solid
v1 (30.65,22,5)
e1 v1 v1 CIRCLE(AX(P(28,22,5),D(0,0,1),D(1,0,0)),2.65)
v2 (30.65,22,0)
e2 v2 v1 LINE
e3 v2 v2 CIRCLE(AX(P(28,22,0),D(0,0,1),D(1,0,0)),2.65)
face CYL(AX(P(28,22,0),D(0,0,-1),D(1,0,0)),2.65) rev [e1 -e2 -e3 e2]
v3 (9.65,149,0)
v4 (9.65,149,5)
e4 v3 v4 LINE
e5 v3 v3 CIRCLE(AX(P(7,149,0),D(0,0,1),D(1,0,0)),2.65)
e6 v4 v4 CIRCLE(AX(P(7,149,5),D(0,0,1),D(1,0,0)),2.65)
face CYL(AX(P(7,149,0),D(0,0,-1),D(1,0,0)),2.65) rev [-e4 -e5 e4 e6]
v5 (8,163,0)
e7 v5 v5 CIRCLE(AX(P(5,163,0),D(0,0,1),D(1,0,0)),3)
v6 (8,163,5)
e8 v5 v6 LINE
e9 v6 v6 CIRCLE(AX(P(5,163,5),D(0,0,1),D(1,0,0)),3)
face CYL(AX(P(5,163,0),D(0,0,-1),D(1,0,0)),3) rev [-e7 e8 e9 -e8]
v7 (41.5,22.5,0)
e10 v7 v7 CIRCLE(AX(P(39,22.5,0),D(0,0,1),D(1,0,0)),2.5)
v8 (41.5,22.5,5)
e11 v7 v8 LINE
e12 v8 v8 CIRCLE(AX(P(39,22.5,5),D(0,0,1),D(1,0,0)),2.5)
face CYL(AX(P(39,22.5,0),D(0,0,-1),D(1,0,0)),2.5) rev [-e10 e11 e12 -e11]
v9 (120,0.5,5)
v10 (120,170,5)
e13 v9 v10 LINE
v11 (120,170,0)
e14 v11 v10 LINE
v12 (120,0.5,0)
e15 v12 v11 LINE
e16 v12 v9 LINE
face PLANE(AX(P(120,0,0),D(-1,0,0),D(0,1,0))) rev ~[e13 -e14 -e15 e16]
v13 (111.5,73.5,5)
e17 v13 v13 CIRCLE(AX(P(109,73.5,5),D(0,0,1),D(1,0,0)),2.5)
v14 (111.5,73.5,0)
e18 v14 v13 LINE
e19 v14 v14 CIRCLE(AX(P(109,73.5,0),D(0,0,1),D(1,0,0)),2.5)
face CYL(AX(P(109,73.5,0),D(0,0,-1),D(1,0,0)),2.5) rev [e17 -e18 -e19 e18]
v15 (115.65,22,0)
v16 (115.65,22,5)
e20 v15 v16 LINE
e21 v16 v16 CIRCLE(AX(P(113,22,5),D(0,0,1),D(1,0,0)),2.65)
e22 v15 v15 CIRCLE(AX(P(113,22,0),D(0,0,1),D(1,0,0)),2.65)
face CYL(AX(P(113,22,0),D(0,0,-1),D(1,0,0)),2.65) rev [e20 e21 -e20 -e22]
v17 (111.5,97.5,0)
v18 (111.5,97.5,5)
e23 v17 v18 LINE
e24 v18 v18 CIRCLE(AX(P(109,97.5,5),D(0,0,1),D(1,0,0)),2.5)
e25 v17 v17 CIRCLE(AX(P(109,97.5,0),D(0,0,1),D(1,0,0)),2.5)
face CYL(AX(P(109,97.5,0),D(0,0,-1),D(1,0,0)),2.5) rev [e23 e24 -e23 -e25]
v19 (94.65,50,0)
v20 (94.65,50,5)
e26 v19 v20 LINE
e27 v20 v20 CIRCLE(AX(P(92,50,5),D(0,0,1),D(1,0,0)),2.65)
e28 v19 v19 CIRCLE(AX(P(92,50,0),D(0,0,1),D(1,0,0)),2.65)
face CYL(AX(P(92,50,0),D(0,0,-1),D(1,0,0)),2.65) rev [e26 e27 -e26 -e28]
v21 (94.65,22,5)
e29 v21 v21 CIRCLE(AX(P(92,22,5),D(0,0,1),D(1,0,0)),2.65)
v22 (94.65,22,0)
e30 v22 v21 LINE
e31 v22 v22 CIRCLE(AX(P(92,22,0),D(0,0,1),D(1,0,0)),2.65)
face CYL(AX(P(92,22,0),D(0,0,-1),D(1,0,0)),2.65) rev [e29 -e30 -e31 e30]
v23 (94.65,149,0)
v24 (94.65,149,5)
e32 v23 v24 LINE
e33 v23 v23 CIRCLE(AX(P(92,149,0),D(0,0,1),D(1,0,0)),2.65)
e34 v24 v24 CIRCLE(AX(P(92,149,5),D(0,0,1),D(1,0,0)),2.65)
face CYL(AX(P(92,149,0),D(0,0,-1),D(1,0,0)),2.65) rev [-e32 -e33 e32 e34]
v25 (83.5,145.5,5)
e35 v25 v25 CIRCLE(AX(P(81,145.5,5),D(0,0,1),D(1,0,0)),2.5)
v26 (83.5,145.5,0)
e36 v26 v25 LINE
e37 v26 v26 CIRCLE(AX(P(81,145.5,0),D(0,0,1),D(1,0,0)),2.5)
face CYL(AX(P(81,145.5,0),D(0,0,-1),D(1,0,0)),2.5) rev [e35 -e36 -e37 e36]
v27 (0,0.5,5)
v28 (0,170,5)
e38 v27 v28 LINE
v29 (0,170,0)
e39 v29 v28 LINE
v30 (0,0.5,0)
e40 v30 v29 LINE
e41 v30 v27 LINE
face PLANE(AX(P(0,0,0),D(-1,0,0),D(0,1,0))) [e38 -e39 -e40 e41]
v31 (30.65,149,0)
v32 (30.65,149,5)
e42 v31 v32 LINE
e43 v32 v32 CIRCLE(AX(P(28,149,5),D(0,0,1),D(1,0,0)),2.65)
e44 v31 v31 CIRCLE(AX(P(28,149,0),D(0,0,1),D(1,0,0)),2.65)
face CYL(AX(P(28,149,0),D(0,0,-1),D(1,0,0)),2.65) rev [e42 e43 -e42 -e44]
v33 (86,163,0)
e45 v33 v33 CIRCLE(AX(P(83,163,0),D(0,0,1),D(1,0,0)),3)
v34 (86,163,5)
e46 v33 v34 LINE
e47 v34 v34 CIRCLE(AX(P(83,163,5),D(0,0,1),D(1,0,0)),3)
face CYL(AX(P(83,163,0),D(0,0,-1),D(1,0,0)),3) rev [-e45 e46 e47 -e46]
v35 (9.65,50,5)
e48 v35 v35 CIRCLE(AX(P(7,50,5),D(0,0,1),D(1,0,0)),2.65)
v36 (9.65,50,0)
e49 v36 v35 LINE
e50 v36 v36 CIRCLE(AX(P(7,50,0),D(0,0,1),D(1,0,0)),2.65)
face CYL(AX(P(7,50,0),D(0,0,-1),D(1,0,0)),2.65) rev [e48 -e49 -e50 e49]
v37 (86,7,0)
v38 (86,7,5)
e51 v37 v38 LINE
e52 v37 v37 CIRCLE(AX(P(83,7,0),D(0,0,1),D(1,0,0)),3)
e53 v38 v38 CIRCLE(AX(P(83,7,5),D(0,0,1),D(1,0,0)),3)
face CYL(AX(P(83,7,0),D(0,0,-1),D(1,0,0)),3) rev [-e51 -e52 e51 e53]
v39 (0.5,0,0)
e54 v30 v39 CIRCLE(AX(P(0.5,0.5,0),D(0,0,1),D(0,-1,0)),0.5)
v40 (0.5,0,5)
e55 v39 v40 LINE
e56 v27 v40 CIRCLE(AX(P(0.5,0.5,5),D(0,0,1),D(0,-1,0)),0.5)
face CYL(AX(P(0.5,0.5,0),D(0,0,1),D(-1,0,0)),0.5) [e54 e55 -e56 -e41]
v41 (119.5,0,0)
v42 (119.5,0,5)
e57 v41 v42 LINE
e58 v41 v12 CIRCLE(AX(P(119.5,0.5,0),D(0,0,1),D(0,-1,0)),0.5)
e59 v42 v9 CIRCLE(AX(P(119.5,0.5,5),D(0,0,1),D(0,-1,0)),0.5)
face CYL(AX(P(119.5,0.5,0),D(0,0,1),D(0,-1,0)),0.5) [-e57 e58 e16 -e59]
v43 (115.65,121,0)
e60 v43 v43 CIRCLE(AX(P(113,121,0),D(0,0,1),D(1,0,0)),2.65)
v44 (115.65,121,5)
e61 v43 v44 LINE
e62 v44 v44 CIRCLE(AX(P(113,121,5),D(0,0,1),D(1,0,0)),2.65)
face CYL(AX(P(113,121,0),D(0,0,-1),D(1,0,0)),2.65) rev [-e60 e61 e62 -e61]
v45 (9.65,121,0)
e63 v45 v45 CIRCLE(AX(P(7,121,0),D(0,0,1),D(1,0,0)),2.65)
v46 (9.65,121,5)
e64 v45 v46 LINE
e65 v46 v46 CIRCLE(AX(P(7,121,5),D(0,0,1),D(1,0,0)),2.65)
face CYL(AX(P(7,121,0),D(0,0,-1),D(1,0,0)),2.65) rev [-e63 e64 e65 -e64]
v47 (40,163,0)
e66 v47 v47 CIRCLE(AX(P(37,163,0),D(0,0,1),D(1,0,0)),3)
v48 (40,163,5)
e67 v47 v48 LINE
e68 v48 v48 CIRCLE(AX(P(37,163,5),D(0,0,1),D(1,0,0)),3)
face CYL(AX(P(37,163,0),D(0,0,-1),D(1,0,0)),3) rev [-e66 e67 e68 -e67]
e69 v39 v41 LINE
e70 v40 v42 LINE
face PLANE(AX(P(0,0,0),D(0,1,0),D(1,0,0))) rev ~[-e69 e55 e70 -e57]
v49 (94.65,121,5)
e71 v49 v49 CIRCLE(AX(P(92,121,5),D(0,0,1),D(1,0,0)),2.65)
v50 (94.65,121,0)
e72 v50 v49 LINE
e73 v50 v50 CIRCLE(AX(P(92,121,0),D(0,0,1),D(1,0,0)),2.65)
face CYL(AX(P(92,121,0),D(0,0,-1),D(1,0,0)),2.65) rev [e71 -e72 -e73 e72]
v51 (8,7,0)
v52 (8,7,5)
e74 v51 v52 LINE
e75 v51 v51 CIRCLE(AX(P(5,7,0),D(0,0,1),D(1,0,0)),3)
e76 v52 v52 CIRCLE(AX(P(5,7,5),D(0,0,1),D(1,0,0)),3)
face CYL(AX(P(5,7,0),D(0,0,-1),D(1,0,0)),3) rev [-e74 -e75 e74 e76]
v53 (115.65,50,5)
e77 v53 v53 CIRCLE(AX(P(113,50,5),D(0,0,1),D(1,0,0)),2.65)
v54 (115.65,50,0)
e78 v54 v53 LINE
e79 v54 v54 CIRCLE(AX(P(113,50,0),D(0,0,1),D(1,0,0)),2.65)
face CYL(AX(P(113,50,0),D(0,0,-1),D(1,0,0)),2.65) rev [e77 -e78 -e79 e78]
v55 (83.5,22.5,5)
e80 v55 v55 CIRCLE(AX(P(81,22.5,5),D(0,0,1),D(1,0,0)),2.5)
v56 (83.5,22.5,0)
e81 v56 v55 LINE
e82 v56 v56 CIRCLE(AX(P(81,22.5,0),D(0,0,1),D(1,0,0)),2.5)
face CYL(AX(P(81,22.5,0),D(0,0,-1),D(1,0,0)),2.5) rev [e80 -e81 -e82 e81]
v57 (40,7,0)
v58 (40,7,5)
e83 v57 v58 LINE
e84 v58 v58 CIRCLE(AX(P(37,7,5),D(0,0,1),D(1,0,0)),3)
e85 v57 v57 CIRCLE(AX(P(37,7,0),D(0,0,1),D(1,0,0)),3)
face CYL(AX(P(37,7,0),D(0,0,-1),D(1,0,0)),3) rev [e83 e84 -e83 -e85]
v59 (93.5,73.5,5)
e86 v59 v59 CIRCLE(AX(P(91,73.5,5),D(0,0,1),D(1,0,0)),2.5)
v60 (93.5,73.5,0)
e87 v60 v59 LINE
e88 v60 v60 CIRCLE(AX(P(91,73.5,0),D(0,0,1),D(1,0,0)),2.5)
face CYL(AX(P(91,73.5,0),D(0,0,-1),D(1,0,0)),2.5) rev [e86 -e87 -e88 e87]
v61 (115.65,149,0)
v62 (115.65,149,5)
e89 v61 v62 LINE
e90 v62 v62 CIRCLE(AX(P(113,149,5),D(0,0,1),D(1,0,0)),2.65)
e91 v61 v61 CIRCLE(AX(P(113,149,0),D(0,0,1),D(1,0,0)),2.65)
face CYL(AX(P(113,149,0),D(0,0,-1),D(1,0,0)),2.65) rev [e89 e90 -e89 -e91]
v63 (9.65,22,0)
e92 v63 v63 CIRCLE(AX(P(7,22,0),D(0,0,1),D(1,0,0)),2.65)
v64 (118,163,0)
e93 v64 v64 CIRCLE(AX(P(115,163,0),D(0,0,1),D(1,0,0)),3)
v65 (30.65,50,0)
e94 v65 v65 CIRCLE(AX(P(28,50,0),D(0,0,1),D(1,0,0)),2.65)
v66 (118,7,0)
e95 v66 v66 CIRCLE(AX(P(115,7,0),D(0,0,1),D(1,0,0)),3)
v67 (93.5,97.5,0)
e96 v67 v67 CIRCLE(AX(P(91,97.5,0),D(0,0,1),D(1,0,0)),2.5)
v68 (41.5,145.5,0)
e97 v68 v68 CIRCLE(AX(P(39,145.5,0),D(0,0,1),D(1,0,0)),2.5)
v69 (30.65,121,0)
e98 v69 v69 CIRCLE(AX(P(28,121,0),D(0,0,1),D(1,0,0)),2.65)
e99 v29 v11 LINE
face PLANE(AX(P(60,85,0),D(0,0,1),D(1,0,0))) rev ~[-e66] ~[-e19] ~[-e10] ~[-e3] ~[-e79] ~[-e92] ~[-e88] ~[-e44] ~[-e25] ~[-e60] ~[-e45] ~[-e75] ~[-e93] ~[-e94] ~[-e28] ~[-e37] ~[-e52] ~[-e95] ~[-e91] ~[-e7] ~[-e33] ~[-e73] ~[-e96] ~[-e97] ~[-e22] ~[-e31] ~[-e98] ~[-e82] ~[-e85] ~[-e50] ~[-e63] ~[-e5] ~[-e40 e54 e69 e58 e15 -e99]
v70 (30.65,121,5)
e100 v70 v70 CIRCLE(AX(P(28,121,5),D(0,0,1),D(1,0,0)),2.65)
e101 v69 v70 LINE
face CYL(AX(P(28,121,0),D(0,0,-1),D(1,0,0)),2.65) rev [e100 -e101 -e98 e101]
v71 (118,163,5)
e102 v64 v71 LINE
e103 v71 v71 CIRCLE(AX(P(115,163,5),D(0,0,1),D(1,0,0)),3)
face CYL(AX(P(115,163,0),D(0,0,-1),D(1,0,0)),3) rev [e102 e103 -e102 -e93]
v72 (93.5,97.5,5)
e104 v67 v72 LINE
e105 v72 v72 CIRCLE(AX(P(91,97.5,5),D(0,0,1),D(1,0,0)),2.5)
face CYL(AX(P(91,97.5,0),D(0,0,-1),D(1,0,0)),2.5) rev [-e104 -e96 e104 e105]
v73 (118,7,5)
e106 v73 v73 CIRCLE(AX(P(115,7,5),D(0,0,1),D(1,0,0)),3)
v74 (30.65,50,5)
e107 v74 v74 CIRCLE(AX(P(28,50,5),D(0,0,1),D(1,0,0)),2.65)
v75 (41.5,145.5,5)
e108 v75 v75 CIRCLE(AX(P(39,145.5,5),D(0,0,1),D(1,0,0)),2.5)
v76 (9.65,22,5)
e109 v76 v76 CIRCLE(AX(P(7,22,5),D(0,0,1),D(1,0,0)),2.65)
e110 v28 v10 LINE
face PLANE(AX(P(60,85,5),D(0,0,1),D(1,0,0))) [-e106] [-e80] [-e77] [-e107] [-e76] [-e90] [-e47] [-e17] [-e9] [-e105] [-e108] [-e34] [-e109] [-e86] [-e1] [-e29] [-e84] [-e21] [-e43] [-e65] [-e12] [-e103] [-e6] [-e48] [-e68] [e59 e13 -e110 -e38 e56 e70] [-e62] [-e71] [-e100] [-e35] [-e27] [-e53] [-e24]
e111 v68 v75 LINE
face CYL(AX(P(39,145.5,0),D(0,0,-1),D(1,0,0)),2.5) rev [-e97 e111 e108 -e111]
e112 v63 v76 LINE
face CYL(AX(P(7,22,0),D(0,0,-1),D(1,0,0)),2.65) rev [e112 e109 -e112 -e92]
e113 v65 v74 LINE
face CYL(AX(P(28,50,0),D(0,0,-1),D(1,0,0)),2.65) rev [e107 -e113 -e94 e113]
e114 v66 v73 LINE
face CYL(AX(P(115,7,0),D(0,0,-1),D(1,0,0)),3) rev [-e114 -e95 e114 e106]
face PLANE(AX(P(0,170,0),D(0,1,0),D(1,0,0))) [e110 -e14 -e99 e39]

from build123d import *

# Parameters (mm, degrees)
SKETCH1_W           = 120
SKETCH1_H           = 170
SKETCH1_R           = 2.65
SKETCH1_R_2         = 2.5
SKETCH1_R_3         = 3
BOSS_EXTRUDE1_DEPTH = 5
FILLET1_R           = 0.5


with BuildPart() as part:
    # Sketch1 → Boss-Extrude1 (new body)
    with BuildSketch(Plane.XY):
        with Locations((60, 85)):
            Rectangle(SKETCH1_W, SKETCH1_H)
        with Locations((28, 22)):
            Circle(SKETCH1_R, mode=Mode.SUBTRACT)
        with Locations((7, 22)):
            Circle(SKETCH1_R, mode=Mode.SUBTRACT)
        with Locations((7, 50)):
            Circle(SKETCH1_R, mode=Mode.SUBTRACT)
        with Locations((28, 50)):
            Circle(SKETCH1_R, mode=Mode.SUBTRACT)
        with Locations((28, 121)):
            Circle(SKETCH1_R, mode=Mode.SUBTRACT)
        with Locations((7, 121)):
            Circle(SKETCH1_R, mode=Mode.SUBTRACT)
        with Locations((28, 149)):
            Circle(SKETCH1_R, mode=Mode.SUBTRACT)
        with Locations((7, 149)):
            Circle(SKETCH1_R, mode=Mode.SUBTRACT)
        with Locations((39, 22.5)):
            Circle(SKETCH1_R_2, mode=Mode.SUBTRACT)
        with Locations((81, 22.5)):
            Circle(SKETCH1_R_2, mode=Mode.SUBTRACT)
        with Locations((5, 163)):
            Circle(SKETCH1_R_3, mode=Mode.SUBTRACT)
        with Locations((115, 163)):
            Circle(SKETCH1_R_3, mode=Mode.SUBTRACT)
        with Locations((37, 163)):
            Circle(SKETCH1_R_3, mode=Mode.SUBTRACT)
        with Locations((83, 163)):
            Circle(SKETCH1_R_3, mode=Mode.SUBTRACT)
        with Locations((115, 7)):
            Circle(SKETCH1_R_3, mode=Mode.SUBTRACT)
        with Locations((83, 7)):
            Circle(SKETCH1_R_3, mode=Mode.SUBTRACT)
        with Locations((37, 7)):
            Circle(SKETCH1_R_3, mode=Mode.SUBTRACT)
        with Locations((5, 7)):
            Circle(SKETCH1_R_3, mode=Mode.SUBTRACT)
        with Locations((39, 145.5)):
            Circle(SKETCH1_R_2, mode=Mode.SUBTRACT)
        with Locations((81, 145.5)):
            Circle(SKETCH1_R_2, mode=Mode.SUBTRACT)
        with Locations((113, 149)):
            Circle(SKETCH1_R, mode=Mode.SUBTRACT)
        with Locations((92, 149)):
            Circle(SKETCH1_R, mode=Mode.SUBTRACT)
        with Locations((92, 121)):
            Circle(SKETCH1_R, mode=Mode.SUBTRACT)
        with Locations((113, 121)):
            Circle(SKETCH1_R, mode=Mode.SUBTRACT)
        with Locations((92, 50)):
            Circle(SKETCH1_R, mode=Mode.SUBTRACT)
        with Locations((113, 50)):
            Circle(SKETCH1_R, mode=Mode.SUBTRACT)
        with Locations((113, 22)):
            Circle(SKETCH1_R, mode=Mode.SUBTRACT)
        with Locations((92, 22)):
            Circle(SKETCH1_R, mode=Mode.SUBTRACT)
        with Locations((109, 97.5)):
            Circle(SKETCH1_R_2, mode=Mode.SUBTRACT)
        with Locations((109, 73.5)):
            Circle(SKETCH1_R_2, mode=Mode.SUBTRACT)
        with Locations((91, 73.5)):
            Circle(SKETCH1_R_2, mode=Mode.SUBTRACT)
        with Locations((91, 97.5)):
            Circle(SKETCH1_R_2, mode=Mode.SUBTRACT)
    extrude(amount=BOSS_EXTRUDE1_DEPTH)

    # Fillet1
    fillet1_edges = [part.edges().sort_by_distance(p)[0] for p in [
        (120, 0, 2.5),
        (0, 0, 2.5),
    ]]
    fillet(fillet1_edges, radius=FILLET1_R)


solid = part.part
